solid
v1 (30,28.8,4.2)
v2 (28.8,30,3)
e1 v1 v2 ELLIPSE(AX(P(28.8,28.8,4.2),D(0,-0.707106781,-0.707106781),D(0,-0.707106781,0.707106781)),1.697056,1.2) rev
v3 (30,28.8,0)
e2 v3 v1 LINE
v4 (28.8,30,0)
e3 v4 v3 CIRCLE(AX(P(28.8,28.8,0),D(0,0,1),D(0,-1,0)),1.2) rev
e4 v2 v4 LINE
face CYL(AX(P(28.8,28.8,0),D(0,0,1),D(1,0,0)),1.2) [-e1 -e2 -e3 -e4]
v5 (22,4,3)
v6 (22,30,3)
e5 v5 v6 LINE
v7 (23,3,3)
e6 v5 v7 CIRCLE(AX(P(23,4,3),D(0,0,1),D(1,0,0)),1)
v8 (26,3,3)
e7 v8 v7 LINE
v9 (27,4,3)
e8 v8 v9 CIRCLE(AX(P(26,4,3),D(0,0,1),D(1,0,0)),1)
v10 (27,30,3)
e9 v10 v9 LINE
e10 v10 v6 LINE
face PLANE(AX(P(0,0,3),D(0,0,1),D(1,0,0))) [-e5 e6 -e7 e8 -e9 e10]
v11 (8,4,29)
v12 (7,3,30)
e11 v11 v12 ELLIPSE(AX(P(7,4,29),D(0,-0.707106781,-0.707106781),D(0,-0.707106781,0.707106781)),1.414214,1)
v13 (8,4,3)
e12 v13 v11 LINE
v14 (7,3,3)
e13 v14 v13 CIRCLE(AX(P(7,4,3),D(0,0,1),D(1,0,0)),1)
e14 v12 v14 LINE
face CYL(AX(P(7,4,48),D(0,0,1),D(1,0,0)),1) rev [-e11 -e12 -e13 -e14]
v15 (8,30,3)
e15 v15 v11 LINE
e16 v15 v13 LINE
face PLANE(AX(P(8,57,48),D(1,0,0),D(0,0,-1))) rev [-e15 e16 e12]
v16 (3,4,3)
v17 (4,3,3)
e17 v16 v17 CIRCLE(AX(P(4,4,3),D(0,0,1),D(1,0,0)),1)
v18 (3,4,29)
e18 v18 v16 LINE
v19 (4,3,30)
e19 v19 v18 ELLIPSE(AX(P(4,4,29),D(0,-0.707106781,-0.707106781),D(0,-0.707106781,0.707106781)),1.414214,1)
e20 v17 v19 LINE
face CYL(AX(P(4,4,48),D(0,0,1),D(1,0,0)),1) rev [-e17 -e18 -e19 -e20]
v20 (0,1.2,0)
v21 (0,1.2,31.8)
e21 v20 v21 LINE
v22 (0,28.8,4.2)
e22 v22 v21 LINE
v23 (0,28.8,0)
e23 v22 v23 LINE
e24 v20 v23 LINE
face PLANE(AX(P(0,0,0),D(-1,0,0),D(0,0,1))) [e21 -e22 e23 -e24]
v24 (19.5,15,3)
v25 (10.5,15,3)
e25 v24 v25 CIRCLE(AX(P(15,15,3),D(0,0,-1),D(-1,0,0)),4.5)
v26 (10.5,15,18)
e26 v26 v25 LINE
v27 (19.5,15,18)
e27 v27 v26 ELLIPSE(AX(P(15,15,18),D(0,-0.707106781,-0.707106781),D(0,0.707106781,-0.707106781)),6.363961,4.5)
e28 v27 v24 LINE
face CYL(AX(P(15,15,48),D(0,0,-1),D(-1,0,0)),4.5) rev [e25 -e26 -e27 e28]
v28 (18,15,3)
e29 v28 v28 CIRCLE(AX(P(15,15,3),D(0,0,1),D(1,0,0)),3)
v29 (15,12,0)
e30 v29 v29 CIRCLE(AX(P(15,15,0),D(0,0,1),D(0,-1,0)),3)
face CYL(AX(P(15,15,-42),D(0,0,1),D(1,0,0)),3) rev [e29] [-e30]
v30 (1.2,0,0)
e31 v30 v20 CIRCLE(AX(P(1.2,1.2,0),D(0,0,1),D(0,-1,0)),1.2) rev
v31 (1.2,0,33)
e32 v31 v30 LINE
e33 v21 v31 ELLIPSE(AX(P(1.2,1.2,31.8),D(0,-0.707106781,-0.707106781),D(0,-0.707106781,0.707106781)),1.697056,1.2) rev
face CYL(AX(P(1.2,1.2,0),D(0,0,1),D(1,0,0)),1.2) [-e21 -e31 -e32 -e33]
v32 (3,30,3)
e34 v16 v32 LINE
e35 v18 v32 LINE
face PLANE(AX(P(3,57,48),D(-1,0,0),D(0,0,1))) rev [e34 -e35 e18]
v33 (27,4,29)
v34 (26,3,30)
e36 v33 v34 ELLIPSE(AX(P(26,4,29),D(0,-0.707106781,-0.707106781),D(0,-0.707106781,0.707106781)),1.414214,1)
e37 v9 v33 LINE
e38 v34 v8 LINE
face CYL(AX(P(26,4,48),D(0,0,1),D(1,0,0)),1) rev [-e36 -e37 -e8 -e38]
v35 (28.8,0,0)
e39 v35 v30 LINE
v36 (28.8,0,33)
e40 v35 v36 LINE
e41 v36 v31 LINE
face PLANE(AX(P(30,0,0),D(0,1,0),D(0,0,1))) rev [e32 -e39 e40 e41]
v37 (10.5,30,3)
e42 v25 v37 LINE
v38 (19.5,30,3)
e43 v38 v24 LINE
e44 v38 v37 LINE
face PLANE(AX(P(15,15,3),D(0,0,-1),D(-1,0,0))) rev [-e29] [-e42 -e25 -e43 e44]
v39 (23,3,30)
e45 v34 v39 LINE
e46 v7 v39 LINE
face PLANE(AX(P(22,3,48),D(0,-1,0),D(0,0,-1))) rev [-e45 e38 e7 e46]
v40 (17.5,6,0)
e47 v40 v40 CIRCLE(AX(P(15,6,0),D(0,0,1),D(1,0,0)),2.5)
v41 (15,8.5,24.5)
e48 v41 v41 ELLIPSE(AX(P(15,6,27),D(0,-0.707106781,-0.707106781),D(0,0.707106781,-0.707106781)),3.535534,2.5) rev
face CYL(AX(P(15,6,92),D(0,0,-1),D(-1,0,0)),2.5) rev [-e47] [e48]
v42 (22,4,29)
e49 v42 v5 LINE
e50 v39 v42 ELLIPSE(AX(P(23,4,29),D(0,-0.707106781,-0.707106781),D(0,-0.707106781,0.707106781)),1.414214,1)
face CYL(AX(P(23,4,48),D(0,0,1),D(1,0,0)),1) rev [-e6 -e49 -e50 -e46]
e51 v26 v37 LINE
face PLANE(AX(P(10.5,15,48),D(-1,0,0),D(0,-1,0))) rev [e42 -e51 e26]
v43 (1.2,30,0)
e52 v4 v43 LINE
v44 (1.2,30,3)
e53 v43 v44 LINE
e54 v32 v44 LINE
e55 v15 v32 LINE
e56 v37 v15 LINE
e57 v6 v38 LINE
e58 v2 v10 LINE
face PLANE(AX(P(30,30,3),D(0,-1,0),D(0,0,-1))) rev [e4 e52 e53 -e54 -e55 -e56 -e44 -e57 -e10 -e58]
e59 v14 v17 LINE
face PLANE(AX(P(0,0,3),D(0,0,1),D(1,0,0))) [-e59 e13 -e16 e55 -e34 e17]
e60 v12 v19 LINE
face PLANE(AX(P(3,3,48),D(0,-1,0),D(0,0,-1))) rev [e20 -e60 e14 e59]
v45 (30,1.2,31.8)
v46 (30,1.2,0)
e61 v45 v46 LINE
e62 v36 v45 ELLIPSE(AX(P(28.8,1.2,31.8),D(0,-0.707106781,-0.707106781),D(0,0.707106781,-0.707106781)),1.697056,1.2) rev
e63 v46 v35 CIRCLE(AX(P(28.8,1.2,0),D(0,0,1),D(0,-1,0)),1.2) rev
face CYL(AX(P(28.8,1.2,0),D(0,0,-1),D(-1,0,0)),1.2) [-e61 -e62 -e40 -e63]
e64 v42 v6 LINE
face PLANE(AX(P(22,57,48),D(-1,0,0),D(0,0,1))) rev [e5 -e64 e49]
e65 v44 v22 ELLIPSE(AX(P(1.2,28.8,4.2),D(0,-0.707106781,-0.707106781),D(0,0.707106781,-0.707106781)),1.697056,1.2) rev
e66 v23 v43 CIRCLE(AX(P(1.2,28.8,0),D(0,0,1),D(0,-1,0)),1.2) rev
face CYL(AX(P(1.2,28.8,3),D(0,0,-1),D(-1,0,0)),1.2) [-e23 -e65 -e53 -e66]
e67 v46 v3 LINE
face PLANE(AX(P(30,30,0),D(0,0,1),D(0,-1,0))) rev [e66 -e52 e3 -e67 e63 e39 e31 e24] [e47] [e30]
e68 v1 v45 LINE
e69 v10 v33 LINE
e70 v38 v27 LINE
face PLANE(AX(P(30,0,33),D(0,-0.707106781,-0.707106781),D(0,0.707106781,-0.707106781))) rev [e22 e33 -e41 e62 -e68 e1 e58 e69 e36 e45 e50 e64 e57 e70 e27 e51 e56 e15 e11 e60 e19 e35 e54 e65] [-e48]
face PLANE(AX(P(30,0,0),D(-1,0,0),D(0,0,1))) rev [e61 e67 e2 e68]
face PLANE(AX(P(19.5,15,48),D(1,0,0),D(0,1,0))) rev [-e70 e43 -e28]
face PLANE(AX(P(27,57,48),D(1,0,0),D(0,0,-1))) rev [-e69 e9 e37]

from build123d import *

# Parameters (mm, degrees)
EXTRUDE_1_DEPTH     = 30
SKETCH_2_W          = 5
SKETCH_2_H          = 54
CUT_EXTRUDE_1_DEPTH = 45
FILLET_1_R          = 1
SKETCH_4_R          = 3
CUT_EXTRUDE_2_DEPTH = 45
SKETCH_5_R          = 2.5
CUT_EXTRUDE_3_DEPTH = 92
FILLET_2_R          = 1.2


with BuildPart() as part:
    # 草图1 → 凸台-拉伸1 (new body)
    with BuildSketch(Plane(origin=(0, 0, 0), x_dir=(0, 0, -1), z_dir=(1, 0, 0))):
        Polygon((0, 30), (0, 0), (-33, 0), (-3, 30), align=None)
    extrude(amount=EXTRUDE_1_DEPTH)

    # 草图2 → 切除-拉伸1 (cut)
    with BuildSketch(Plane(origin=(0, 0, 3), x_dir=(-1, 0, 0), z_dir=(0, 0, -1))):
        with BuildLine():
            Line((-19.5, 15), (-19.5, 31.772972214))
            ThreePointArc((-19.5, 31.772972214), (-15, 36.272972214), (-10.5, 31.772972214))
            Line((-10.5, 31.772972214), (-10.5, 15))
            ThreePointArc((-10.5, 15), (-15, 10.5), (-19.5, 15))
        make_face()
        with Locations((-5.5, 30)):
            Rectangle(SKETCH_2_W, SKETCH_2_H)
        with Locations((-24.5, 30)):
            Rectangle(SKETCH_2_W, SKETCH_2_H)
    extrude(amount=-CUT_EXTRUDE_1_DEPTH, mode=Mode.SUBTRACT)

    # 圆角1
    fillet_1_edges = [part.edges().sort_by_distance(p)[0] for p in [
        (27, 3, 16.5),
        (22, 3, 16.5),
        (8, 3, 16.5),
        (3, 3, 16.5),
    ]]
    fillet(fillet_1_edges, radius=FILLET_1_R)

    # 草图4 → 切除-拉伸2 (cut)
    with BuildSketch(Plane.XY.offset(3)):
        with Locations((15, 15)):
            Circle(SKETCH_4_R)
    extrude(amount=-CUT_EXTRUDE_2_DEPTH, mode=Mode.SUBTRACT)

    # 草图5 → 切除-拉伸3 (cut)
    with BuildSketch(Plane.XY):
        with Locations((15, 6)):
            Circle(SKETCH_5_R)
    extrude(amount=CUT_EXTRUDE_3_DEPTH, mode=Mode.SUBTRACT)

    # 圆角2
    fillet_2_edges = [part.edges().sort_by_distance(p)[0] for p in [
        (30, 0, 16.5),
        (30, 30, 1.5),
        (0, 0, 16.5),
        (0, 30, 1.5),
    ]]
    fillet(fillet_2_edges, radius=FILLET_2_R)


solid = part.part
